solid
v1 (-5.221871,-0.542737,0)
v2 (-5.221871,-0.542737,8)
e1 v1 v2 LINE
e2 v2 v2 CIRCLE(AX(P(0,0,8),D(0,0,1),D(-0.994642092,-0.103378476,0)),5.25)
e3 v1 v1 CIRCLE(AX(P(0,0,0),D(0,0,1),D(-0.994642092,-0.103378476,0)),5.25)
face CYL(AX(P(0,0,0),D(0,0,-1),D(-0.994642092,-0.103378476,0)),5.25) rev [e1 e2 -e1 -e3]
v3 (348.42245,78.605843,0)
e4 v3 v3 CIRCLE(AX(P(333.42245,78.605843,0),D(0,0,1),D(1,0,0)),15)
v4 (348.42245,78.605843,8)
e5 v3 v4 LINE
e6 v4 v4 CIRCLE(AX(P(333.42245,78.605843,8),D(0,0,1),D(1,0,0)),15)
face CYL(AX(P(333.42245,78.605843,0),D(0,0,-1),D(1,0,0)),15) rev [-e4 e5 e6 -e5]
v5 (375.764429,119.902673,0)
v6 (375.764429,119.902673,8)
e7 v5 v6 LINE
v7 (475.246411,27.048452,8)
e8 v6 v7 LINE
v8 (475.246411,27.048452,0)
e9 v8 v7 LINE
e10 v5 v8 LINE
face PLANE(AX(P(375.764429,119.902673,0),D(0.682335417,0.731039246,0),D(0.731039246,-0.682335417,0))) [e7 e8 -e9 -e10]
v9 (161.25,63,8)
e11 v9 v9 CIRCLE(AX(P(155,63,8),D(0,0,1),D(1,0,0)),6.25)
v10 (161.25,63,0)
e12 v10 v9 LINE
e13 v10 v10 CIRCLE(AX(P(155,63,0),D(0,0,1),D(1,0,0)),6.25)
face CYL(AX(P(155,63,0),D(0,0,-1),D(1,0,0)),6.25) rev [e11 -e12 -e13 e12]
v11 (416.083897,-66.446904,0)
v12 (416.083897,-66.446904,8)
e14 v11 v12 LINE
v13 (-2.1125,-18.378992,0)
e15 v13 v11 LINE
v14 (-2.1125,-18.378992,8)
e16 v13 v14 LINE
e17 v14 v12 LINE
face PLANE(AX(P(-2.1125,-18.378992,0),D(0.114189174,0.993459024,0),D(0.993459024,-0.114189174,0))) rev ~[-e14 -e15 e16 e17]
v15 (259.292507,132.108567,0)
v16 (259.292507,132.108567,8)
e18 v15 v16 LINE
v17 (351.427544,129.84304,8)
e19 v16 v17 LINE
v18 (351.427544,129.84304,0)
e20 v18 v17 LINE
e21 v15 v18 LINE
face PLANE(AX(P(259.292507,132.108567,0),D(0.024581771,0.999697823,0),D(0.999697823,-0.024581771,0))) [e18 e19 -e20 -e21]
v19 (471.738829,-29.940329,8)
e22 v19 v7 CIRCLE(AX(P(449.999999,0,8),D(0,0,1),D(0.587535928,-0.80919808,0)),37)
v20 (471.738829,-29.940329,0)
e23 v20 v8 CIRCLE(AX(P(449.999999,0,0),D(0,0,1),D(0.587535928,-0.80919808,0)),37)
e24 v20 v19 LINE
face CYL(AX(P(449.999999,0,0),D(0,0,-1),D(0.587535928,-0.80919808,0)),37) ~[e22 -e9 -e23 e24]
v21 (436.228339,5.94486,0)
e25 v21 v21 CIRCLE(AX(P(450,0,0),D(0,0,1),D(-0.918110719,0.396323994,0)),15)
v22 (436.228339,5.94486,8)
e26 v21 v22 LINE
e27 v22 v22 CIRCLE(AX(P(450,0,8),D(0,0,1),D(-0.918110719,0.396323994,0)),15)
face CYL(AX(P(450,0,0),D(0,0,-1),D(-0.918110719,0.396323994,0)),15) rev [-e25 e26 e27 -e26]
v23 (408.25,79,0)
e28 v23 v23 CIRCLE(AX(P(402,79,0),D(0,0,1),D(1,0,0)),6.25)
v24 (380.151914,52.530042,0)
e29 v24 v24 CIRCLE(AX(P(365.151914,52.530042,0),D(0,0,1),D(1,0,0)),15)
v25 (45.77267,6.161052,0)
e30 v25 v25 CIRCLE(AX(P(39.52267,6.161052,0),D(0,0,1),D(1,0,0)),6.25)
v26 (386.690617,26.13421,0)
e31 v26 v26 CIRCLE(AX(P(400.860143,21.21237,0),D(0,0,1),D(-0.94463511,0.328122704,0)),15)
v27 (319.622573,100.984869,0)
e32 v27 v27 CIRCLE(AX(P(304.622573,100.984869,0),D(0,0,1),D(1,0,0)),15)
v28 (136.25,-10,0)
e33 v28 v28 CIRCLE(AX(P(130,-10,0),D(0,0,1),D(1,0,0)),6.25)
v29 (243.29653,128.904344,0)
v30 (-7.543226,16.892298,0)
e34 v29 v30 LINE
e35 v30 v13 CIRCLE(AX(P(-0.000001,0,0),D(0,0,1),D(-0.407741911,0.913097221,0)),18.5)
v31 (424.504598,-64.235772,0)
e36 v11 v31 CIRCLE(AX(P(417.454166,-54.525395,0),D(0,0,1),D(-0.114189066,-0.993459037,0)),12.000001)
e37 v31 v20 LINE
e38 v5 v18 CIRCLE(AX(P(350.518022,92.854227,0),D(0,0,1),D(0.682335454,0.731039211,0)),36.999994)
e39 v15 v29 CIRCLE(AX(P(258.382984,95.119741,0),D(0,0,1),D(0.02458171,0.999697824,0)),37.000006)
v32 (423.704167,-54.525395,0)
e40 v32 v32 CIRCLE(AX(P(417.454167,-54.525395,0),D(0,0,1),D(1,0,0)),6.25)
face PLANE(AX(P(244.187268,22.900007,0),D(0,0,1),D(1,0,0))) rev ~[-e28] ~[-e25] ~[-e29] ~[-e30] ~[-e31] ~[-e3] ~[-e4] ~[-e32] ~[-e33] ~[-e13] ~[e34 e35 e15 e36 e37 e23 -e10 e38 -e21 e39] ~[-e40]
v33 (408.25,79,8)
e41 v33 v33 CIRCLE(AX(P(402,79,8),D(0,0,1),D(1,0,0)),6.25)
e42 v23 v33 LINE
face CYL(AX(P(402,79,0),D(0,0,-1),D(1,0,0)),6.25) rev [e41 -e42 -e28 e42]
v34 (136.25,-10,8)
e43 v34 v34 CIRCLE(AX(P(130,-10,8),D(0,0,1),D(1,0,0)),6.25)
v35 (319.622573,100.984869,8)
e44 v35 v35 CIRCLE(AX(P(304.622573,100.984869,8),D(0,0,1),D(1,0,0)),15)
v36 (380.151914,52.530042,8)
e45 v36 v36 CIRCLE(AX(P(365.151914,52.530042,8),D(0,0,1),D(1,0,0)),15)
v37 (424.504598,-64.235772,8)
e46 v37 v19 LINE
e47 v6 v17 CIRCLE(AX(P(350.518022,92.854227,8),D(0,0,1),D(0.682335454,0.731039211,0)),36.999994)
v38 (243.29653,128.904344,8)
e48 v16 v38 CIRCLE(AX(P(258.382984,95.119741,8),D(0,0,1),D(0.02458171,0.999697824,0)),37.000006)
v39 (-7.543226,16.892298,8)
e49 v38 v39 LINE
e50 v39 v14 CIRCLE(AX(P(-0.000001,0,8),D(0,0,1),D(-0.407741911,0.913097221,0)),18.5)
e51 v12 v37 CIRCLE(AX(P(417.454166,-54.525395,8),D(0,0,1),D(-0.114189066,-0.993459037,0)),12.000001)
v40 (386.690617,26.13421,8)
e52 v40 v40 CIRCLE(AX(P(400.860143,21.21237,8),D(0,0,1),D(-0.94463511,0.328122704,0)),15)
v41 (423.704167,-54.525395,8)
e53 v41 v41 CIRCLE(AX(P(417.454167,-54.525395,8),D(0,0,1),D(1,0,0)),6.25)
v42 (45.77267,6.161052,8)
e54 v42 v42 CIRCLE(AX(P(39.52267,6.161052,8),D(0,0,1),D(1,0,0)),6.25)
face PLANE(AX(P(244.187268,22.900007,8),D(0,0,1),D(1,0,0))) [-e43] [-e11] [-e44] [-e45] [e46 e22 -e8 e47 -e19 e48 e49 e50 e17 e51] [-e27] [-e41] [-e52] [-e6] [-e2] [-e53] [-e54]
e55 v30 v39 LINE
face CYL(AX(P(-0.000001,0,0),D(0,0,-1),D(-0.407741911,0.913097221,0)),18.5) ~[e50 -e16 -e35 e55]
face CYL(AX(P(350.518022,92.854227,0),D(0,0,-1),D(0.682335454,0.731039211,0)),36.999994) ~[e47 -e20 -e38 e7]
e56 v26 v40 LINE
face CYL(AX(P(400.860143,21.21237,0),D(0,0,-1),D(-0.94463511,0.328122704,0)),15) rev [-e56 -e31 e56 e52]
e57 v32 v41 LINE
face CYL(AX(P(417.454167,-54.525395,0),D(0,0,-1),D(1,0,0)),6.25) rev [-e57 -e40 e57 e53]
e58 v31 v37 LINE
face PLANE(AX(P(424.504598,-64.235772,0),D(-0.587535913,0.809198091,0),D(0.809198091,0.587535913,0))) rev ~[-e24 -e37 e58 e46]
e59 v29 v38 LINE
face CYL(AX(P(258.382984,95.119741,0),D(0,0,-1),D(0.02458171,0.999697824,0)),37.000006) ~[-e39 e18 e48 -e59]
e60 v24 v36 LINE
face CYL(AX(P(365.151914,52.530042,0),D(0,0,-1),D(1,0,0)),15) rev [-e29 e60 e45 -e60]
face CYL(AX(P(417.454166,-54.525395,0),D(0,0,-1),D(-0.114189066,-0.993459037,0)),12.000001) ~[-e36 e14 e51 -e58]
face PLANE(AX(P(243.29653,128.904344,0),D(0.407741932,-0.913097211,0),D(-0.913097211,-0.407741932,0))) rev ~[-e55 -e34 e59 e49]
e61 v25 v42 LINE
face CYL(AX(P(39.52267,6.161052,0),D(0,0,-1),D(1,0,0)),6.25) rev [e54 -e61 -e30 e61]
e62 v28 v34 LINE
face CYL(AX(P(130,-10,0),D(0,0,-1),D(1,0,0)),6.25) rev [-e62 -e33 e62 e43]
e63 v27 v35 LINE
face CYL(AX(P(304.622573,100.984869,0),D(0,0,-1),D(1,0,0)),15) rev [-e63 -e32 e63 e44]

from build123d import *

# Parameters (mm, degrees)
SKETCH_R   = 15
SKETCH_R_2 = 6.25
PAD_DEPTH  = 8


with BuildPart() as part:
    # Sketch → Pad (new body)
    with BuildSketch(Plane.XY):
        with BuildLine():
            ThreePointArc((-7.543226, 16.892298), (-18.284536, -2.815273), (-2.1125, -18.378992))
            Line((-2.1125, -18.378992), (416.083897, -66.446904))
            ThreePointArc((416.083897, -66.446904), (420.501843, -66.131931), (424.504598, -64.235772))
            Line((424.504598, -64.235772), (471.738829, -29.940329))
            ThreePointArc((471.738829, -29.940329), (486.930116, -2.272998), (475.246411, 27.048452))
            Line((375.764429, 119.902673), (475.246411, 27.048452))
            ThreePointArc((375.764429, 119.902673), (364.508586, 127.107163), (351.427544, 129.84304))
            Line((259.292507, 132.108567), (351.427544, 129.84304))
            ThreePointArc((259.292507, 132.108567), (251.115722, 131.399038), (243.29653, 128.904344))
            Line((243.29653, 128.904344), (-7.543226, 16.892298))
        make_face()
        with Locations((304.622573, 100.984869)):
            Circle(SKETCH_R, mode=Mode.SUBTRACT)
        with Locations((365.151914, 52.530042)):
            Circle(SKETCH_R, mode=Mode.SUBTRACT)
        with Locations((333.42245, 78.605843)):
            Circle(SKETCH_R, mode=Mode.SUBTRACT)
        with Locations((417.454167, -54.525395)):
            Circle(SKETCH_R_2, mode=Mode.SUBTRACT)
        with Locations((130, -10)):
            Circle(SKETCH_R_2, mode=Mode.SUBTRACT)
        with Locations((155, 63)):
            Circle(SKETCH_R_2, mode=Mode.SUBTRACT)
        with Locations((39.52267, 6.161052)):
            Circle(SKETCH_R_2, mode=Mode.SUBTRACT)
        with Locations((402, 79)):
            Circle(SKETCH_R_2, mode=Mode.SUBTRACT)
        with BuildLine():
            ThreePointArc((5.221871, 0.542737), (-0.542737, 5.221871), (-5.221871, -0.542737))
            ThreePointArc((-5.221871, -0.542737), (0.542737, -5.221871), (5.221871, 0.542737))
        make_face(mode=Mode.SUBTRACT)
        with BuildLine():
            ThreePointArc((463.771661, -5.94486), (455.94486, 13.771661), (436.228339, 5.94486))
            ThreePointArc((436.228339, 5.94486), (444.05514, -13.771661), (463.771661, -5.94486))
        make_face(mode=Mode.SUBTRACT)
        with BuildLine():
            ThreePointArc((415.02967, 16.290529), (405.781984, 35.381896), (386.690617, 26.13421))
            ThreePointArc((386.690617, 26.13421), (395.938303, 7.042843), (415.02967, 16.290529))
        make_face(mode=Mode.SUBTRACT)
    extrude(amount=PAD_DEPTH)


solid = part.part
